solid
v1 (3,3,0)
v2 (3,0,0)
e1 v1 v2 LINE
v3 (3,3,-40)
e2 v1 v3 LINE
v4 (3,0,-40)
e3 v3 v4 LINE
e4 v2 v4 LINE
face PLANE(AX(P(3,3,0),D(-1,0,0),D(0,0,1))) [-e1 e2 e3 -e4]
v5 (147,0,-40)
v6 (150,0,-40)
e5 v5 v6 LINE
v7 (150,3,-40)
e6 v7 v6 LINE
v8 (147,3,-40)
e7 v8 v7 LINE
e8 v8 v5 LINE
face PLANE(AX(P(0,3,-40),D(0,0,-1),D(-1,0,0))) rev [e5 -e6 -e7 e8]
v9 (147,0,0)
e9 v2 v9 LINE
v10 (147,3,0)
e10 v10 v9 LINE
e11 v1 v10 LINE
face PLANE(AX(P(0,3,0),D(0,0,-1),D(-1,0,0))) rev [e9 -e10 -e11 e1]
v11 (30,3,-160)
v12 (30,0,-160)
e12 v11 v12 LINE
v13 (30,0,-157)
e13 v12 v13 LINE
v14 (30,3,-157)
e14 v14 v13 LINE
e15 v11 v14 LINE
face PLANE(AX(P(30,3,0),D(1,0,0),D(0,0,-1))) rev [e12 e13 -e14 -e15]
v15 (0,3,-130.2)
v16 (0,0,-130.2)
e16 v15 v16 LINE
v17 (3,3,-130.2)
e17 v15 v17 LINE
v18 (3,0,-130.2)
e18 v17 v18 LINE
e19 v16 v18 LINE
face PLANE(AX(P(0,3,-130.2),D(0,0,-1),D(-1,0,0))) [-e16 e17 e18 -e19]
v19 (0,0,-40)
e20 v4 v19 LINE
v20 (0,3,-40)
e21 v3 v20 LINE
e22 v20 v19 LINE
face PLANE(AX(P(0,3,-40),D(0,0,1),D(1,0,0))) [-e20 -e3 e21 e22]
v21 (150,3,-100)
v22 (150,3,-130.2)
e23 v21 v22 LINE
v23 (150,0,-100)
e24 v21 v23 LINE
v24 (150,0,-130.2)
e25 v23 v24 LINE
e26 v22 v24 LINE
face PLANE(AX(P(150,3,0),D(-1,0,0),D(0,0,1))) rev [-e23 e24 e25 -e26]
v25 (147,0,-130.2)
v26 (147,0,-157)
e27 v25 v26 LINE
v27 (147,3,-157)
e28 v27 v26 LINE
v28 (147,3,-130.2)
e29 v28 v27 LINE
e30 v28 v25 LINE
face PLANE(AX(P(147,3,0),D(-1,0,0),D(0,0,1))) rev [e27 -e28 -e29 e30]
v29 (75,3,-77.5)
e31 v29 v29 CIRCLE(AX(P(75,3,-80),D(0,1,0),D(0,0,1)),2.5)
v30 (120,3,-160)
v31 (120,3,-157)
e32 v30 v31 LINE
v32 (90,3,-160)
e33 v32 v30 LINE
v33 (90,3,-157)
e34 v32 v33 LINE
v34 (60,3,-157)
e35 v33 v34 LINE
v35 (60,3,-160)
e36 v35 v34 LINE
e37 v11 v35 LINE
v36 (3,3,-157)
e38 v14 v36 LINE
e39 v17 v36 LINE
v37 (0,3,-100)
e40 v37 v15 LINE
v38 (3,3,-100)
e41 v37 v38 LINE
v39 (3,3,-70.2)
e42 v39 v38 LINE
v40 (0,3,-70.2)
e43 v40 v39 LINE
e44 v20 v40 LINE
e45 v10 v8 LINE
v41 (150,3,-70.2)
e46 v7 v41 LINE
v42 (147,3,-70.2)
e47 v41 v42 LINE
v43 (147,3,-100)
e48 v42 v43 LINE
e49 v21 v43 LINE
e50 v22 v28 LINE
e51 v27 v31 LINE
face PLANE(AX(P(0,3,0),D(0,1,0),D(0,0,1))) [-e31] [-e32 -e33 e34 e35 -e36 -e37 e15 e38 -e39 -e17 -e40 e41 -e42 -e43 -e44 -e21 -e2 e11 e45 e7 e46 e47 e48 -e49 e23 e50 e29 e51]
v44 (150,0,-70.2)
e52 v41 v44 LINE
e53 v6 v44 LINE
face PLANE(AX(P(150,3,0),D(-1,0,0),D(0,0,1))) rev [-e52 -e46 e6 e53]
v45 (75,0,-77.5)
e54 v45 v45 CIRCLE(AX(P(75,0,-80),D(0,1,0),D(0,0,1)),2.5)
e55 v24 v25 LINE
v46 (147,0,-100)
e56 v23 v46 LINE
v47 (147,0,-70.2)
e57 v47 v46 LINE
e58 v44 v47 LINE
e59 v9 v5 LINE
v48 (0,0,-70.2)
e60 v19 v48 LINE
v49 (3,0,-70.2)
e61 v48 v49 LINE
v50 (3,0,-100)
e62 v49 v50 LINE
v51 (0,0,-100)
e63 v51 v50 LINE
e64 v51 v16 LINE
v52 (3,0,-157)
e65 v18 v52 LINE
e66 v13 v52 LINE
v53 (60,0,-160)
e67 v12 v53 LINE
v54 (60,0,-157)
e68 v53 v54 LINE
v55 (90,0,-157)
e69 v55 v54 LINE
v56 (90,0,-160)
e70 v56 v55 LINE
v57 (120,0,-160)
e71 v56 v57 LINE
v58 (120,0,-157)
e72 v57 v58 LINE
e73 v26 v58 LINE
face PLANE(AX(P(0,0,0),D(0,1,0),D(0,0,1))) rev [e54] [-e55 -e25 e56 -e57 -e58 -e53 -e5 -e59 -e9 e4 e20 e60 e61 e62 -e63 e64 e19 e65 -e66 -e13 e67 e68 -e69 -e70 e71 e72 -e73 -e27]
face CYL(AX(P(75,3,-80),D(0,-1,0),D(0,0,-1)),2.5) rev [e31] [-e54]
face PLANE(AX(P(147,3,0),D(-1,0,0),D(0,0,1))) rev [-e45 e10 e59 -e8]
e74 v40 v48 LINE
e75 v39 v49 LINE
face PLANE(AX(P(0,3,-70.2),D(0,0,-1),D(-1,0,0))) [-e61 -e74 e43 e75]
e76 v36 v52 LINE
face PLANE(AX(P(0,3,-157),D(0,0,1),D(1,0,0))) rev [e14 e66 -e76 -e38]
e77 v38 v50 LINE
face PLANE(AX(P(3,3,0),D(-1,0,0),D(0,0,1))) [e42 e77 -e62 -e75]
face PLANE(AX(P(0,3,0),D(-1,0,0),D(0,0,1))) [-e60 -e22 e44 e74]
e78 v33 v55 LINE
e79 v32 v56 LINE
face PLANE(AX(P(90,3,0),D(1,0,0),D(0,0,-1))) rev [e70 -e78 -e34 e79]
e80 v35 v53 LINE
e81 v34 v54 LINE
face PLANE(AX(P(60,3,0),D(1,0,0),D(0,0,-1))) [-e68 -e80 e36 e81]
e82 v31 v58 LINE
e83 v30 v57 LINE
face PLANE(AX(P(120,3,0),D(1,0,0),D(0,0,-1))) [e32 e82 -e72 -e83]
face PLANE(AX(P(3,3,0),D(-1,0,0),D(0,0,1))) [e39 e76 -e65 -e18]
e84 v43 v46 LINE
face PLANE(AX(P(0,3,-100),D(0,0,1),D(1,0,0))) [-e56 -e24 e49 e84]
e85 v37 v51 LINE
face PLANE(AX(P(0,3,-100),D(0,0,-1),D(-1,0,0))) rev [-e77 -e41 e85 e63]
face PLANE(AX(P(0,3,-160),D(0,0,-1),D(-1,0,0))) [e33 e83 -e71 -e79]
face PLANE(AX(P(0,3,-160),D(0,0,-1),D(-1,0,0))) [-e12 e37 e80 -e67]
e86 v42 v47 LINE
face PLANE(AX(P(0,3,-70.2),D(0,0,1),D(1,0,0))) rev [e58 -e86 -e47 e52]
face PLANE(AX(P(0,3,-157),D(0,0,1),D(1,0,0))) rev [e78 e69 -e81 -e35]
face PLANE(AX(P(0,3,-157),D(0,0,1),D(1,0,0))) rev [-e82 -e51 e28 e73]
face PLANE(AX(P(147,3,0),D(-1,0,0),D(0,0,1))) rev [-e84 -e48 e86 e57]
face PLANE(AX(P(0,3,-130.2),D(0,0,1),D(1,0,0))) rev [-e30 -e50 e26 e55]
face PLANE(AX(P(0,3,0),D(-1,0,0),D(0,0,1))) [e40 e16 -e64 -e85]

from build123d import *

# Parameters (mm, degrees)
SKETCH1_R           = 2.5
BOSS_EXTRUDE1_DEPTH = 3


with BuildPart() as part:
    # Sketch1 → Boss-Extrude1 (new body)
    with BuildSketch(Plane(origin=(0, 0, 0), x_dir=(1, 0, 0), z_dir=(0, 1, 0))):
        Polygon((150, 130.2), (147, 130.2), (147, 157), (120, 157), (120, 160), (90, 160), (90, 157), (60, 157), (60, 160), (30, 160), (30, 157), (3, 157), (3, 130.2), (0, 130.2), (0, 100), (3, 100), (3, 70.2), (0, 70.2), (0, 40), (3, 40), (3, 0), (147, 0), (147, 40), (150, 40), (150, 70.2), (147, 70.2), (147, 100), (150, 100), align=None)
        with Locations((75, 80)):
            Circle(SKETCH1_R, mode=Mode.SUBTRACT)
    extrude(amount=BOSS_EXTRUDE1_DEPTH)


solid = part.part
